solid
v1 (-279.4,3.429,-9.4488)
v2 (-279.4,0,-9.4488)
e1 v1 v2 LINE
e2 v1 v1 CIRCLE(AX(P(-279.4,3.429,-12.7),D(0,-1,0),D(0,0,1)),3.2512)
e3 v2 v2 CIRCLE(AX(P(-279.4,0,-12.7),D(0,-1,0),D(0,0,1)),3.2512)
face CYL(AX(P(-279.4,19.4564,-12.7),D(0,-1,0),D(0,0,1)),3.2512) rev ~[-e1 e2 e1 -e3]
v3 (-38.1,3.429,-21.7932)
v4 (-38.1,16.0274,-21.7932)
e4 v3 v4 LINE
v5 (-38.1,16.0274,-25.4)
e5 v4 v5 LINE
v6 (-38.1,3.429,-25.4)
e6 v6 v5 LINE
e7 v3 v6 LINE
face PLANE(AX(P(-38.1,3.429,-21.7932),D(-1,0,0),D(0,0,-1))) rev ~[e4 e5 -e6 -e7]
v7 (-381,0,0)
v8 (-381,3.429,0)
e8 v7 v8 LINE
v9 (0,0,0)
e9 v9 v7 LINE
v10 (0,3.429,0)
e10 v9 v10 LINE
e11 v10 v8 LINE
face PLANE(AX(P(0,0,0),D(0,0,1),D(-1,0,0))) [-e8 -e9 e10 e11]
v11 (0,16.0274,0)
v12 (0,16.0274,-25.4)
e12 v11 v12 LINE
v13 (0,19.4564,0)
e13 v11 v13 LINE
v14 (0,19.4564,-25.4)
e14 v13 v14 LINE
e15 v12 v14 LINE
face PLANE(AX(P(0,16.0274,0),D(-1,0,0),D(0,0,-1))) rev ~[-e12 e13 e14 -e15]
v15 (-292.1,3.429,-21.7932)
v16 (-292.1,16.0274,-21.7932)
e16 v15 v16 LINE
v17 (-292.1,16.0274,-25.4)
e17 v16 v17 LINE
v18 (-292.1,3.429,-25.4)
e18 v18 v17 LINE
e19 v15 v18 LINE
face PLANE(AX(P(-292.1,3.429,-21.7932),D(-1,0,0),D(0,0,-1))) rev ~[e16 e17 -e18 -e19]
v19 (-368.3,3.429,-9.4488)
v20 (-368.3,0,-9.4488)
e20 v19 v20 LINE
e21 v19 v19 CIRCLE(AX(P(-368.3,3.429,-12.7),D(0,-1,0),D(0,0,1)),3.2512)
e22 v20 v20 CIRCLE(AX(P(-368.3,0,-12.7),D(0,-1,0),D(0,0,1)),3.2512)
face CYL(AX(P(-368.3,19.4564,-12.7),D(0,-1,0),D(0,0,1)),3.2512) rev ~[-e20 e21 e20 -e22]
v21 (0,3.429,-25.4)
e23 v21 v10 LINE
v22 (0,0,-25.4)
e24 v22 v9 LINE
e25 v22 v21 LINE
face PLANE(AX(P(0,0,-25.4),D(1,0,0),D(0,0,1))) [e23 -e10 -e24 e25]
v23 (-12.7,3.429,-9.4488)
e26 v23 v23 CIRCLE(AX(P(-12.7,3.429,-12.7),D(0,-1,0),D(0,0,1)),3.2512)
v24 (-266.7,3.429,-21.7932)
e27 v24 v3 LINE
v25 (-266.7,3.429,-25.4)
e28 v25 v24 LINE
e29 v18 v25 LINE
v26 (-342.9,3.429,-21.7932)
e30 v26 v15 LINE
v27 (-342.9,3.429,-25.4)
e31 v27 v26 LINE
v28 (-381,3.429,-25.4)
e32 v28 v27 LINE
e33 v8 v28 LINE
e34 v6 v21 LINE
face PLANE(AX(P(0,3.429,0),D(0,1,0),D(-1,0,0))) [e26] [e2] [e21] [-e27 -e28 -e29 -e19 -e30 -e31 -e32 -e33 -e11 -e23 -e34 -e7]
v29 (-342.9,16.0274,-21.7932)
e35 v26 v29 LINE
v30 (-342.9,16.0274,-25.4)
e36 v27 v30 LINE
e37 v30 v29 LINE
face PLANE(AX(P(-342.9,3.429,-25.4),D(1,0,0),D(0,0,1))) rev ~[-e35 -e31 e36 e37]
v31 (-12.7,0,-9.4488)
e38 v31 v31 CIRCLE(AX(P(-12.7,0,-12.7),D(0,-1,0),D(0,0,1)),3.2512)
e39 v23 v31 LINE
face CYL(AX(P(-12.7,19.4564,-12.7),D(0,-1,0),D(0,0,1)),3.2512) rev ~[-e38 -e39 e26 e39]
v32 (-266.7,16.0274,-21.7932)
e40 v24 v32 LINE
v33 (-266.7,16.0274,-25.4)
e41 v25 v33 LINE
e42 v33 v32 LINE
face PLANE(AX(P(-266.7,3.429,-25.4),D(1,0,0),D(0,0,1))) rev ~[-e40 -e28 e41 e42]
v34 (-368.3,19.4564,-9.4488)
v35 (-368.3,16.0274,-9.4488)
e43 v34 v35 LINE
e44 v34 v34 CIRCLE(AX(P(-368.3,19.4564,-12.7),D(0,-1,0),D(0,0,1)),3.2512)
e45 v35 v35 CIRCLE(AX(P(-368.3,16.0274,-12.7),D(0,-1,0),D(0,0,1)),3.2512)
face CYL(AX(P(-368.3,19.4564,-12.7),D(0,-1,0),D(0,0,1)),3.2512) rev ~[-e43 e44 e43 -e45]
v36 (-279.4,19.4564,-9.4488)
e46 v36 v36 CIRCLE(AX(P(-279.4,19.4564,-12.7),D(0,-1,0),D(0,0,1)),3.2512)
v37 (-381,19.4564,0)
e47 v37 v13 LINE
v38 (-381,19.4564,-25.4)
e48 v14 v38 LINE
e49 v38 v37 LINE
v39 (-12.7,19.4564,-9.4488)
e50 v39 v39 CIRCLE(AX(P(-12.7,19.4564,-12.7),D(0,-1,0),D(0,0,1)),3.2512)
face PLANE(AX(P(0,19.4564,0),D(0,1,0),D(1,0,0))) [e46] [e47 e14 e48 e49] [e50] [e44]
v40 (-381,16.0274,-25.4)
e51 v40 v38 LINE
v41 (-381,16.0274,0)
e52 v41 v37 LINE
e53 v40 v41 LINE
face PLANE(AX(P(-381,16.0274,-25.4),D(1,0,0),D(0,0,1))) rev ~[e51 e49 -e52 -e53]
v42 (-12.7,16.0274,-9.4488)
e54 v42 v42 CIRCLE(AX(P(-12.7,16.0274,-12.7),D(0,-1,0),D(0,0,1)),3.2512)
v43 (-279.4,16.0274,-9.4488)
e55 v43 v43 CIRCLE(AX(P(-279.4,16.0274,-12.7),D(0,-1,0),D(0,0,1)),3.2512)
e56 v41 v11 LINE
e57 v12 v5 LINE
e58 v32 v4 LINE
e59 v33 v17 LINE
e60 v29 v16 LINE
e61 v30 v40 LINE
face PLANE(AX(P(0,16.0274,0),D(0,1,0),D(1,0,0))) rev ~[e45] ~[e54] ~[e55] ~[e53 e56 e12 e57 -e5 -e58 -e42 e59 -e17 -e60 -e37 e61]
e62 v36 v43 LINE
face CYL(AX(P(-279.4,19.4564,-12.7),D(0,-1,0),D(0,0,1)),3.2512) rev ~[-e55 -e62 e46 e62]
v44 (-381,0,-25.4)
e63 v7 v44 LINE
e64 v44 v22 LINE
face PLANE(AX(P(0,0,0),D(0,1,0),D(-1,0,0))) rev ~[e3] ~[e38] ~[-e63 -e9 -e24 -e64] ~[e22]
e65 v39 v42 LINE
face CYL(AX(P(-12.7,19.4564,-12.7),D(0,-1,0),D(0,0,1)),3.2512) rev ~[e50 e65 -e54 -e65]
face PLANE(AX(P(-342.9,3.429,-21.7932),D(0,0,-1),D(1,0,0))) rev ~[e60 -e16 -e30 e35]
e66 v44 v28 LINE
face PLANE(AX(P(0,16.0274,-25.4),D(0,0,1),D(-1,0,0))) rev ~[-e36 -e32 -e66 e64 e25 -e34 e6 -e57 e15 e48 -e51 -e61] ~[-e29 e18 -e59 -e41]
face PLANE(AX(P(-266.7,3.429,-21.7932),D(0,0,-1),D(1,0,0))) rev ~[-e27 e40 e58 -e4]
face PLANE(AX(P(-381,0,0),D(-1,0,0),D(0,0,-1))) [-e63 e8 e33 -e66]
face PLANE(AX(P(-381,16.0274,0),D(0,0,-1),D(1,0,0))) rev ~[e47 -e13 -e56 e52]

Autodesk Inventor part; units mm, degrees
ref_plane "YZ Plane" through (0, 0, 0) normal (1, 0, 0) x (0, 1, 0)
ref_plane "XZ Plane" through (0, 0, 0) normal (0, 1, 0) x (-1, 0, 0)
ref_plane "XY Plane" through (0, 0, 0) normal (0, 0, 1) x (1, 0, 0)
sketch "Sketch1" plane through (0, 0, 0) normal (0, 1, 0) x (-1, 0, 0)
  line L0 (0, 0) -> (381, 0)
  line L1 (381, 0) -> (381, -25.4)
  line L2 (381, -25.4) -> (0, -25.4)
  line L3 (0, -25.4) -> (0, 0)
  dimension "d0" = 381
  dimension "d1" = 25.4
extrude "Extrusion1" add sketch "Sketch1" along normal blind 3.429
sketch "Sketch2" plane through (0, 3.429, 0) normal (0, 1, 0) x (1, 0, 0)
  line L0 (0, 25.4) -> (-381, 25.4) projected
  line L1 (-38.1, 25.4) -> (-266.7, 25.4)
  line L2 (-266.7, 25.4) -> (-266.7, 21.7932)
  line L3 (-266.7, 21.7932) -> (-38.1, 21.7932)
  line L4 (-38.1, 21.7932) -> (-38.1, 25.4)
  line L5 (0, 0) -> (0, 25.4) projected
  line L6 (-292.1, 25.4) -> (-342.9, 25.4)
  line L7 (-342.9, 25.4) -> (-342.9, 21.7932)
  line L8 (-342.9, 21.7932) -> (-292.1, 21.7932)
  line L9 (-292.1, 21.7932) -> (-292.1, 25.4)
  point P0 (-266.7, 23.5966)
  dimension "d4" = 228.6
  dimension "d5" = 3.6068
  dimension "d6" = 38.1
  dimension "d7" = 50.8
  dimension "d8" = 3.6068
  dimension "d9" = 25.4
extrude "Extrusion2" add sketch "Sketch2" along normal blind 12.5984
sketch "Sketch3" plane through (0, 16.0274, 0) normal (0, 1, 0) x (1, 0, 0)
  line L0 (-381, 0) -> (0, 0) projected
  line L1 (0, 25.4) -> (-381, 25.4) projected
  line L2 (-381, 0) -> (0, 0)
  line L3 (0, 0) -> (0, 25.4)
  line L4 (0, 25.4) -> (-381, 25.4)
  line L5 (-381, 25.4) -> (-381, 0)
extrude "Extrusion3" add sketch "Sketch3" along normal blind 3.429
sketch "Sketch4" plane through (0, 19.4564, 0) normal (0, 1, 0) x (1, 0, 0)
  line L0 (0, 25.4) -> (-381, 25.4) projected
  line L1 (0, 0) -> (0, 25.4) projected
  point P0 (-12.7, 12.7)
  dimension "d14" = 12.7
  dimension "d15" = 12.7
hole "Hole1" at (-12.7, 19.4564, -12.7) direction (0, -1, 0) diameter 6.5024 end through all
sketch "Sketch5" plane through (0, 19.4564, 0) normal (0, 1, 0) x (1, 0, 0)
  line L0 (0, 25.4) -> (-381, 25.4) projected
  line L1 (-381, 25.4) -> (-381, 0) projected
  point P0 (0, 0)
  point P1 (-279.4, 12.7)
  point P2 (-381, 12.7)
  dimension "d23" = 12.7
  dimension "d40" = 101.6
hole "Hole2" at (-279.4, 19.4564, -12.7) direction (0, -1, 0) diameter 6.5024 end through all
sketch "Sketch6" plane through (0, 19.4564, 0) normal (0, 1, 0) x (1, 0, 0)
  line L0 (0, 25.4) -> (-381, 25.4) projected
  line L1 (-381, 25.4) -> (-381, 0) projected
  point P0 (0, 0)
  point P1 (-368.3, 12.7)
  dimension "d31" = 12.7
  dimension "d32" = 12.7
hole "Hole3" at (-368.3, 19.4564, -12.7) direction (0, -1, 0) diameter 6.5024 end through all
properties part number "ArmPart3"
